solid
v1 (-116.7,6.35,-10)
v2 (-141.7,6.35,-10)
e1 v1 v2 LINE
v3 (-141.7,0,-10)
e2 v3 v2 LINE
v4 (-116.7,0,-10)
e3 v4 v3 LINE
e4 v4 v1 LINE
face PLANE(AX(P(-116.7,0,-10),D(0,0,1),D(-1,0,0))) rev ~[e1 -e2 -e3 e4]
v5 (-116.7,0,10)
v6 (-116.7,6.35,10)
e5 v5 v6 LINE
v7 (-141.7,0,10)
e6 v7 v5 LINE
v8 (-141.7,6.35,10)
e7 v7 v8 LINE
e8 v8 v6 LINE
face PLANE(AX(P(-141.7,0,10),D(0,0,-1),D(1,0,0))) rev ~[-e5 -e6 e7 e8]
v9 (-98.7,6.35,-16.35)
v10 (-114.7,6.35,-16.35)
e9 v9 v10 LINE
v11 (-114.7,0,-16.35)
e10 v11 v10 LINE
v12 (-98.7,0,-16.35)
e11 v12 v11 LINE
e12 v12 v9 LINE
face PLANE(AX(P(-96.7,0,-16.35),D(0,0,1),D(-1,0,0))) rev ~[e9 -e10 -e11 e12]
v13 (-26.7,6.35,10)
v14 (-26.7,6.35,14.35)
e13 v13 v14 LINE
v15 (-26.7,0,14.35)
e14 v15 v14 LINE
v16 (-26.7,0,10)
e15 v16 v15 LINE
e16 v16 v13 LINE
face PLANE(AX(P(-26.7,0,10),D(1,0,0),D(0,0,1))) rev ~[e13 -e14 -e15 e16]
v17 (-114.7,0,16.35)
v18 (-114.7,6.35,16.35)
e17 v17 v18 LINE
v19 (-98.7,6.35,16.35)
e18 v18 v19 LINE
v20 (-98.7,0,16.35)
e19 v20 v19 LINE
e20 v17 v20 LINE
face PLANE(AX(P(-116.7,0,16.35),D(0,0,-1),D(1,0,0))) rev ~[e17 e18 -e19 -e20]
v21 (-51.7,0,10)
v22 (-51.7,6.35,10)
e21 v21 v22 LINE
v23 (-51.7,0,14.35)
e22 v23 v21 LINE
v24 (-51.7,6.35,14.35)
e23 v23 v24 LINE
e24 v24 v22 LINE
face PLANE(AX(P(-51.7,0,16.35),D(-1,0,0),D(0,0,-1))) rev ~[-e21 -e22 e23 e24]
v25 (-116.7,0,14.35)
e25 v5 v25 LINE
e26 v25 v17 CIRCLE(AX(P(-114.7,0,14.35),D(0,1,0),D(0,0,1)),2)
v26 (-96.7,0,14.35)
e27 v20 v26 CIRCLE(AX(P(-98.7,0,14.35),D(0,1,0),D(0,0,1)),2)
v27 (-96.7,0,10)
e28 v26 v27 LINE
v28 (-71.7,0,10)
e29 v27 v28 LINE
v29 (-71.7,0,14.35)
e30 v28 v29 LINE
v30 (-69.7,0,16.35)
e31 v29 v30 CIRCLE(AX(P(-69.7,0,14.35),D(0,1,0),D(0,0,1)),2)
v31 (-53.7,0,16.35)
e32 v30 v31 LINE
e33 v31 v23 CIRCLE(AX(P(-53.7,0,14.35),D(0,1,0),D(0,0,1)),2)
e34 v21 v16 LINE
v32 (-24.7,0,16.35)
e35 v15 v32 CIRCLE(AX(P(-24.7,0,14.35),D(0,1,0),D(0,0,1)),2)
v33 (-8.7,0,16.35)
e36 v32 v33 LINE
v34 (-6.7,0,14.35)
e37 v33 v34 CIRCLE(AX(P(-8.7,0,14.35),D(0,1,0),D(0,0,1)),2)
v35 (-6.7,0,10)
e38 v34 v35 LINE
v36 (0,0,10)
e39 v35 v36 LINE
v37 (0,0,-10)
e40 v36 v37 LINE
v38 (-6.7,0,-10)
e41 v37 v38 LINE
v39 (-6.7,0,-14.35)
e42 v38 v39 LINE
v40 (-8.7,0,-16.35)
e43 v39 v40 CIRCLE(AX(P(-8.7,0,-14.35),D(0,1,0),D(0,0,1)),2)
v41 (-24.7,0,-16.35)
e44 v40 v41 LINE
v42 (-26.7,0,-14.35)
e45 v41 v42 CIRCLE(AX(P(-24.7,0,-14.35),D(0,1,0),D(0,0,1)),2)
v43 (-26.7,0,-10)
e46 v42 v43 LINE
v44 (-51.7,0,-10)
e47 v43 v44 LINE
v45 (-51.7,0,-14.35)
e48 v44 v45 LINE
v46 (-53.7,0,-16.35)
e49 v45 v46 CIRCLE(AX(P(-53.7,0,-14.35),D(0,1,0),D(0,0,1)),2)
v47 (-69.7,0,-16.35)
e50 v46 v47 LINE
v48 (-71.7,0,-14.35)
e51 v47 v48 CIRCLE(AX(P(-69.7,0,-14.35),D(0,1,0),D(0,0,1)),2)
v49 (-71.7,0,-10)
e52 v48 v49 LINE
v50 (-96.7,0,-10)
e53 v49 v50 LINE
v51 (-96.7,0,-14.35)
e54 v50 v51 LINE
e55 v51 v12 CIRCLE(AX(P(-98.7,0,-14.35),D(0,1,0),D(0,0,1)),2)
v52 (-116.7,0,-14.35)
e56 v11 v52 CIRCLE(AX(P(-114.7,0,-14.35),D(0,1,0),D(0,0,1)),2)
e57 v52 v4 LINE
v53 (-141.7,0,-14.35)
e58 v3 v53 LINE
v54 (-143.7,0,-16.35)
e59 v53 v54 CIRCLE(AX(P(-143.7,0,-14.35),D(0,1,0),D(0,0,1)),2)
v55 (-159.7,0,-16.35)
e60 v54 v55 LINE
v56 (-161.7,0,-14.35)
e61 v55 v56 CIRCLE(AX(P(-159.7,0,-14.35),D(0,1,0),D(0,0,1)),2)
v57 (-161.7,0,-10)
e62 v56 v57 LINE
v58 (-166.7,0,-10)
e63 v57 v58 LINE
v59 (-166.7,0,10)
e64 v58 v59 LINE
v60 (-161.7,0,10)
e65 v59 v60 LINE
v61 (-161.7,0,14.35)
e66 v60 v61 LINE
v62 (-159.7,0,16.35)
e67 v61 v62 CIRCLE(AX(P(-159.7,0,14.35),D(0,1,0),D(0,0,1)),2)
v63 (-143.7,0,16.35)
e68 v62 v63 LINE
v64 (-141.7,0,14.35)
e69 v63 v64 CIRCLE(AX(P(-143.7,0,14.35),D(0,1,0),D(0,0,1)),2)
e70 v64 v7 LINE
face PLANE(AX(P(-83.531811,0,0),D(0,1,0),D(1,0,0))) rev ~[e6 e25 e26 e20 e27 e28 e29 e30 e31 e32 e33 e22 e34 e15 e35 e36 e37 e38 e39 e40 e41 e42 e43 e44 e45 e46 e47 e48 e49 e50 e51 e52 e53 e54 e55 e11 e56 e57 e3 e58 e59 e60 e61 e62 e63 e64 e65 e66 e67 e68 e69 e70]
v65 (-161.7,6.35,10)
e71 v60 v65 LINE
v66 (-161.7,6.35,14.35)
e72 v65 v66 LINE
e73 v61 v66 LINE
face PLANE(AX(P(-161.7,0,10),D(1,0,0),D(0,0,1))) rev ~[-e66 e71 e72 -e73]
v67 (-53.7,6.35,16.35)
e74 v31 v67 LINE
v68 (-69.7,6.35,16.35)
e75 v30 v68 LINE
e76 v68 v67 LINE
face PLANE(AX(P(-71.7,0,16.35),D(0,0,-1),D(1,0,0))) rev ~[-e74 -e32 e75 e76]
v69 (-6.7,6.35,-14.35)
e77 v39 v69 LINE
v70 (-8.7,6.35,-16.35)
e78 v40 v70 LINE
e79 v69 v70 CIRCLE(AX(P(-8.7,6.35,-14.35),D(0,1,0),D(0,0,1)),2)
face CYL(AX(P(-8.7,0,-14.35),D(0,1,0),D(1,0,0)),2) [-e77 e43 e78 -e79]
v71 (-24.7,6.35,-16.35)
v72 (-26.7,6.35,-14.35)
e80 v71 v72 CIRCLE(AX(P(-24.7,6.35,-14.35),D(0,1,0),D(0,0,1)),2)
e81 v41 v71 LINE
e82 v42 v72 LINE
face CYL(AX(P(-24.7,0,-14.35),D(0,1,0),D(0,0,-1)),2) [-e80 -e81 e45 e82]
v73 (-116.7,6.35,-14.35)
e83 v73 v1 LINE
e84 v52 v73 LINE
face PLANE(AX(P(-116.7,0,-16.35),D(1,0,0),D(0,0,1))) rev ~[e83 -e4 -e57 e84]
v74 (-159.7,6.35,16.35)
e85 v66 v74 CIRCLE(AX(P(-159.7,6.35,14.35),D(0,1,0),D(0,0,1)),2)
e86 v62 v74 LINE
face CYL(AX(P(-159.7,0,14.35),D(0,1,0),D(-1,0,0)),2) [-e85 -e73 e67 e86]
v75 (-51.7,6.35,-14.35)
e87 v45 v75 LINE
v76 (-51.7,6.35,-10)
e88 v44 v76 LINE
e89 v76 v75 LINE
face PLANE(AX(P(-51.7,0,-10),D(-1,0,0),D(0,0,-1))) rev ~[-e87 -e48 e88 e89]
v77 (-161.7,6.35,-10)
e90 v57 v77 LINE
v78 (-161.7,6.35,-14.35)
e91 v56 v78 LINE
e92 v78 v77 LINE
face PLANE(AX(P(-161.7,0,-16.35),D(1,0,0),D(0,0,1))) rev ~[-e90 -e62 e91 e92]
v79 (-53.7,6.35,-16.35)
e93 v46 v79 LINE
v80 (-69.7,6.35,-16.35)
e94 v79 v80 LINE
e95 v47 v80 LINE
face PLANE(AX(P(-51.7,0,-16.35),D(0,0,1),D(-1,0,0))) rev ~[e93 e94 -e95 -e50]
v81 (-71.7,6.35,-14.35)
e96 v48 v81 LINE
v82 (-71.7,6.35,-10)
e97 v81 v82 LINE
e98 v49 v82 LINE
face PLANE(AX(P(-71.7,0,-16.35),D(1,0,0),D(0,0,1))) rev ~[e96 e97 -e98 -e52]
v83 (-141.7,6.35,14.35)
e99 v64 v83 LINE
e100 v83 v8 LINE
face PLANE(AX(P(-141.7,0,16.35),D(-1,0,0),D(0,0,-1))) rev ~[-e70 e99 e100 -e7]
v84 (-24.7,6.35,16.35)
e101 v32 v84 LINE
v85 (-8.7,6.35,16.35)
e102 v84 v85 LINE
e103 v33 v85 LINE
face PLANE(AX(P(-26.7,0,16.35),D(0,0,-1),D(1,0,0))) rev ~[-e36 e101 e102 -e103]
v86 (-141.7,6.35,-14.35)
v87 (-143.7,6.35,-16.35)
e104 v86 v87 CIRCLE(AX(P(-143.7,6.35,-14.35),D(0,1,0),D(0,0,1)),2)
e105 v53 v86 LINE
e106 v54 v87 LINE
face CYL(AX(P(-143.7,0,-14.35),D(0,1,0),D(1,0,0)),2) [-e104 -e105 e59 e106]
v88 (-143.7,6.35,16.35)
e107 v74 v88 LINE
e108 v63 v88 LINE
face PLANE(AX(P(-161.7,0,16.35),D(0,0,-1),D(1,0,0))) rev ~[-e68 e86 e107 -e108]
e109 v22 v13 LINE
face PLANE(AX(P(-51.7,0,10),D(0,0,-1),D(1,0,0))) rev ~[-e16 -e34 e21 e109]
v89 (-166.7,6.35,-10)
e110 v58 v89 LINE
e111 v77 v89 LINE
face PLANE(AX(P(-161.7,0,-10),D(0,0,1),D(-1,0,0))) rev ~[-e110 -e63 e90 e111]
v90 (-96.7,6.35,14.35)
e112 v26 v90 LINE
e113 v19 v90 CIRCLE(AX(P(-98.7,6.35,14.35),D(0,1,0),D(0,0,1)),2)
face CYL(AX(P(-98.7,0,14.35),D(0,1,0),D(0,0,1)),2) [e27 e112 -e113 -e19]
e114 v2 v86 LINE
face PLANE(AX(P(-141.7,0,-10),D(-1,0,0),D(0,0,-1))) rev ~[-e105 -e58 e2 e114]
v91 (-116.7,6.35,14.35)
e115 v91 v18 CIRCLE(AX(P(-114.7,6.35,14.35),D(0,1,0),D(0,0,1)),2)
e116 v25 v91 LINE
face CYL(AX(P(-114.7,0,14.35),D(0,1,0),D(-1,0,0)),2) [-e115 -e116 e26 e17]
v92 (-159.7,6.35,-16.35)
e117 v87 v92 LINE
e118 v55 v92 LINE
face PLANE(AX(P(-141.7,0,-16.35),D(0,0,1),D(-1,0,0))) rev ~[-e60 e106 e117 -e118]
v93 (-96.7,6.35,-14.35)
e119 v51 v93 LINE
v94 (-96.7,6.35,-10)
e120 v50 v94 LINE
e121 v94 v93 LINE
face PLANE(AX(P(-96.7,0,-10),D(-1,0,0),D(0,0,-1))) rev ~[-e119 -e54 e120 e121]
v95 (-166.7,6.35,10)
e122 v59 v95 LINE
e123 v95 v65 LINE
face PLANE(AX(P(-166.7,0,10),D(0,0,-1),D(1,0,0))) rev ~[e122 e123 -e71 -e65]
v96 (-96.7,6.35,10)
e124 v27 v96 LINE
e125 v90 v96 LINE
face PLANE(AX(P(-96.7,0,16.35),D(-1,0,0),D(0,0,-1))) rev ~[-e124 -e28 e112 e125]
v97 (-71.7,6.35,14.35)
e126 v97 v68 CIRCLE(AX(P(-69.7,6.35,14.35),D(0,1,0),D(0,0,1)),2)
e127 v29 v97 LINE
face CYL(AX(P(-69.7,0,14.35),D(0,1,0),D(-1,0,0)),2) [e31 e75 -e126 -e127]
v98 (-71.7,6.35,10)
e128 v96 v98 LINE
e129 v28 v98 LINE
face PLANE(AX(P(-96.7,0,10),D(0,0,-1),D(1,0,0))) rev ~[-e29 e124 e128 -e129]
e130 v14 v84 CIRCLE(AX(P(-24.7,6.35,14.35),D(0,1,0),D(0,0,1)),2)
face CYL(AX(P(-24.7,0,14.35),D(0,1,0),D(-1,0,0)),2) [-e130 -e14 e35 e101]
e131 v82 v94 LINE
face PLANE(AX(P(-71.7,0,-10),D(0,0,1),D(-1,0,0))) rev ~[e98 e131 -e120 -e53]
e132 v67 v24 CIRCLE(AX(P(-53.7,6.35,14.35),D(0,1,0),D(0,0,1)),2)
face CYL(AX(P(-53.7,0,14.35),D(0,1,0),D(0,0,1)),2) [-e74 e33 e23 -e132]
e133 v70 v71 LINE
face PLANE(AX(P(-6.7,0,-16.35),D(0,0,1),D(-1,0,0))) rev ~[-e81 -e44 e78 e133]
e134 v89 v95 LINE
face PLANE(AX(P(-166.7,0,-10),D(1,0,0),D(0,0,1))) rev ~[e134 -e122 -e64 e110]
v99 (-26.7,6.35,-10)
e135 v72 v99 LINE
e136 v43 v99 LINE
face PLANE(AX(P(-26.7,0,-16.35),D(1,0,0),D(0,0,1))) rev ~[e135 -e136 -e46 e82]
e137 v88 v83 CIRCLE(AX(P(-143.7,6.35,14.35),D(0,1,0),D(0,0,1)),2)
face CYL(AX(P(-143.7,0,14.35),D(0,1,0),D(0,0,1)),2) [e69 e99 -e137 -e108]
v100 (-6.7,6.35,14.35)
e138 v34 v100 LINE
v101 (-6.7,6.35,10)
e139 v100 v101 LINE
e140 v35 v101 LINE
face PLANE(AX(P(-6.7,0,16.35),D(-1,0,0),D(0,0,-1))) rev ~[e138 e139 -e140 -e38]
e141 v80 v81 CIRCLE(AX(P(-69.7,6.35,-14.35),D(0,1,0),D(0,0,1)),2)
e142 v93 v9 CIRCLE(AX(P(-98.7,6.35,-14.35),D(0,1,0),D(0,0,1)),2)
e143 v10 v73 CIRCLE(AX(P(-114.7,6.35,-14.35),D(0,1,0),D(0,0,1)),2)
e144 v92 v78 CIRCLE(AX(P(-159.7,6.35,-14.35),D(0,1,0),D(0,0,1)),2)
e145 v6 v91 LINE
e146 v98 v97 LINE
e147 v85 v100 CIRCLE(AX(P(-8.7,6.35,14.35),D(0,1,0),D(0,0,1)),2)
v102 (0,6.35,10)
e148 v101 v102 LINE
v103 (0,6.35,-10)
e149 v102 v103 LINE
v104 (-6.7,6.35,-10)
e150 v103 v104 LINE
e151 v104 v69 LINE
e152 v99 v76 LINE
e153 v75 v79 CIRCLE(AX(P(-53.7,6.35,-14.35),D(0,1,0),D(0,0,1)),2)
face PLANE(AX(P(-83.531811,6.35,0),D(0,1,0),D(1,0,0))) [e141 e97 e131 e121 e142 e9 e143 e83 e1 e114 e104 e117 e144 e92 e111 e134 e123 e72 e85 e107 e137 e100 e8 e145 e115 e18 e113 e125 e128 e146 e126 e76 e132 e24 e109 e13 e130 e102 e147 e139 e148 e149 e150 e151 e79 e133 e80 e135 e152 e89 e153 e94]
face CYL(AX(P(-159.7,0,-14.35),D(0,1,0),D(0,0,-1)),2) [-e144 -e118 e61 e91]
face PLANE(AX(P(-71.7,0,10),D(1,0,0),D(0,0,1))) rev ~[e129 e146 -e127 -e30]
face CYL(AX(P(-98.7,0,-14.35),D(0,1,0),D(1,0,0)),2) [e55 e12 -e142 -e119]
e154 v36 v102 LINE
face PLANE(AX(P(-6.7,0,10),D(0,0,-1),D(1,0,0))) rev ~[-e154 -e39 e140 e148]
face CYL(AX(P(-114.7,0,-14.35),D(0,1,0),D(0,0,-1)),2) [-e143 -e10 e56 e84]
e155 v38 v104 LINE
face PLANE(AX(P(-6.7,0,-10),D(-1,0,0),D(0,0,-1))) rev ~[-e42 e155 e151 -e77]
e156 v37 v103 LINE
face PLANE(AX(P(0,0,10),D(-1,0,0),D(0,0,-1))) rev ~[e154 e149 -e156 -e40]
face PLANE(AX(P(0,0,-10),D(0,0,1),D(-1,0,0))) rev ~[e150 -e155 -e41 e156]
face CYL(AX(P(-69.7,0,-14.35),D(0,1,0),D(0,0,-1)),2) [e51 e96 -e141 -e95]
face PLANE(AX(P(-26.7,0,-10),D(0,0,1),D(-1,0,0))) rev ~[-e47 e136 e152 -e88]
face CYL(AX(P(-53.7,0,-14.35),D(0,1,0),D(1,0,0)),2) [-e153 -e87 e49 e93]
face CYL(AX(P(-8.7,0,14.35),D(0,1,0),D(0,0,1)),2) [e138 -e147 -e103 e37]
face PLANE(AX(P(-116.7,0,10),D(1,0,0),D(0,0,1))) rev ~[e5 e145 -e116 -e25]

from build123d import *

# Parameters (mm, degrees)
BOSS_EXTRUDE1_DEPTH = 6.35
FILLET1_R           = 2


with BuildPart() as part:
    # Sketch1 → Boss-Extrude1 (new body)
    with BuildSketch(Plane(origin=(0, 0, 0), x_dir=(1, 0, 0), z_dir=(0, 1, 0))):
        Polygon((0, 0), (0, 10), (-6.7, 10), (-6.7, 16.35), (-26.7, 16.35), (-26.7, 10), (-51.7, 10), (-51.7, 16.35), (-71.7, 16.35), (-71.7, 10), (-96.7, 10), (-96.7, 16.35), (-116.7, 16.35), (-116.7, 10), (-141.7, 10), (-141.7, 16.35), (-161.7, 16.35), (-161.7, 10), (-166.7, 10), (-166.7, 0), (-166.7, -10), (-161.7, -10), (-161.7, -16.35), (-141.7, -16.35), (-141.7, -10), (-116.7, -10), (-116.7, -16.35), (-96.7, -16.35), (-96.7, -10), (-71.7, -10), (-71.7, -16.35), (-51.7, -16.35), (-51.7, -10), (-26.7, -10), (-26.7, -16.35), (-6.7, -16.35), (-6.7, -10), (0, -10), align=None)
    extrude(amount=BOSS_EXTRUDE1_DEPTH)

    # Fillet1
    fillet1_edges = [part.edges().sort_by_distance(p)[0] for p in [
        (-6.7, 3.175, 16.35),
        (-26.7, 3.175, 16.35),
        (-51.7, 3.175, 16.35),
        (-71.7, 3.175, 16.35),
        (-96.7, 3.175, 16.35),
        (-116.7, 3.175, 16.35),
        (-141.7, 3.175, 16.35),
        (-161.7, 3.175, 16.35),
        (-161.7, 3.175, -16.35),
        (-141.7, 3.175, -16.35),
        (-116.7, 3.175, -16.35),
        (-96.7, 3.175, -16.35),
        (-71.7, 3.175, -16.35),
        (-51.7, 3.175, -16.35),
        (-26.7, 3.175, -16.35),
        (-6.7, 3.175, -16.35),
    ]]
    fillet(fillet1_edges, radius=FILLET1_R)


solid = part.part
